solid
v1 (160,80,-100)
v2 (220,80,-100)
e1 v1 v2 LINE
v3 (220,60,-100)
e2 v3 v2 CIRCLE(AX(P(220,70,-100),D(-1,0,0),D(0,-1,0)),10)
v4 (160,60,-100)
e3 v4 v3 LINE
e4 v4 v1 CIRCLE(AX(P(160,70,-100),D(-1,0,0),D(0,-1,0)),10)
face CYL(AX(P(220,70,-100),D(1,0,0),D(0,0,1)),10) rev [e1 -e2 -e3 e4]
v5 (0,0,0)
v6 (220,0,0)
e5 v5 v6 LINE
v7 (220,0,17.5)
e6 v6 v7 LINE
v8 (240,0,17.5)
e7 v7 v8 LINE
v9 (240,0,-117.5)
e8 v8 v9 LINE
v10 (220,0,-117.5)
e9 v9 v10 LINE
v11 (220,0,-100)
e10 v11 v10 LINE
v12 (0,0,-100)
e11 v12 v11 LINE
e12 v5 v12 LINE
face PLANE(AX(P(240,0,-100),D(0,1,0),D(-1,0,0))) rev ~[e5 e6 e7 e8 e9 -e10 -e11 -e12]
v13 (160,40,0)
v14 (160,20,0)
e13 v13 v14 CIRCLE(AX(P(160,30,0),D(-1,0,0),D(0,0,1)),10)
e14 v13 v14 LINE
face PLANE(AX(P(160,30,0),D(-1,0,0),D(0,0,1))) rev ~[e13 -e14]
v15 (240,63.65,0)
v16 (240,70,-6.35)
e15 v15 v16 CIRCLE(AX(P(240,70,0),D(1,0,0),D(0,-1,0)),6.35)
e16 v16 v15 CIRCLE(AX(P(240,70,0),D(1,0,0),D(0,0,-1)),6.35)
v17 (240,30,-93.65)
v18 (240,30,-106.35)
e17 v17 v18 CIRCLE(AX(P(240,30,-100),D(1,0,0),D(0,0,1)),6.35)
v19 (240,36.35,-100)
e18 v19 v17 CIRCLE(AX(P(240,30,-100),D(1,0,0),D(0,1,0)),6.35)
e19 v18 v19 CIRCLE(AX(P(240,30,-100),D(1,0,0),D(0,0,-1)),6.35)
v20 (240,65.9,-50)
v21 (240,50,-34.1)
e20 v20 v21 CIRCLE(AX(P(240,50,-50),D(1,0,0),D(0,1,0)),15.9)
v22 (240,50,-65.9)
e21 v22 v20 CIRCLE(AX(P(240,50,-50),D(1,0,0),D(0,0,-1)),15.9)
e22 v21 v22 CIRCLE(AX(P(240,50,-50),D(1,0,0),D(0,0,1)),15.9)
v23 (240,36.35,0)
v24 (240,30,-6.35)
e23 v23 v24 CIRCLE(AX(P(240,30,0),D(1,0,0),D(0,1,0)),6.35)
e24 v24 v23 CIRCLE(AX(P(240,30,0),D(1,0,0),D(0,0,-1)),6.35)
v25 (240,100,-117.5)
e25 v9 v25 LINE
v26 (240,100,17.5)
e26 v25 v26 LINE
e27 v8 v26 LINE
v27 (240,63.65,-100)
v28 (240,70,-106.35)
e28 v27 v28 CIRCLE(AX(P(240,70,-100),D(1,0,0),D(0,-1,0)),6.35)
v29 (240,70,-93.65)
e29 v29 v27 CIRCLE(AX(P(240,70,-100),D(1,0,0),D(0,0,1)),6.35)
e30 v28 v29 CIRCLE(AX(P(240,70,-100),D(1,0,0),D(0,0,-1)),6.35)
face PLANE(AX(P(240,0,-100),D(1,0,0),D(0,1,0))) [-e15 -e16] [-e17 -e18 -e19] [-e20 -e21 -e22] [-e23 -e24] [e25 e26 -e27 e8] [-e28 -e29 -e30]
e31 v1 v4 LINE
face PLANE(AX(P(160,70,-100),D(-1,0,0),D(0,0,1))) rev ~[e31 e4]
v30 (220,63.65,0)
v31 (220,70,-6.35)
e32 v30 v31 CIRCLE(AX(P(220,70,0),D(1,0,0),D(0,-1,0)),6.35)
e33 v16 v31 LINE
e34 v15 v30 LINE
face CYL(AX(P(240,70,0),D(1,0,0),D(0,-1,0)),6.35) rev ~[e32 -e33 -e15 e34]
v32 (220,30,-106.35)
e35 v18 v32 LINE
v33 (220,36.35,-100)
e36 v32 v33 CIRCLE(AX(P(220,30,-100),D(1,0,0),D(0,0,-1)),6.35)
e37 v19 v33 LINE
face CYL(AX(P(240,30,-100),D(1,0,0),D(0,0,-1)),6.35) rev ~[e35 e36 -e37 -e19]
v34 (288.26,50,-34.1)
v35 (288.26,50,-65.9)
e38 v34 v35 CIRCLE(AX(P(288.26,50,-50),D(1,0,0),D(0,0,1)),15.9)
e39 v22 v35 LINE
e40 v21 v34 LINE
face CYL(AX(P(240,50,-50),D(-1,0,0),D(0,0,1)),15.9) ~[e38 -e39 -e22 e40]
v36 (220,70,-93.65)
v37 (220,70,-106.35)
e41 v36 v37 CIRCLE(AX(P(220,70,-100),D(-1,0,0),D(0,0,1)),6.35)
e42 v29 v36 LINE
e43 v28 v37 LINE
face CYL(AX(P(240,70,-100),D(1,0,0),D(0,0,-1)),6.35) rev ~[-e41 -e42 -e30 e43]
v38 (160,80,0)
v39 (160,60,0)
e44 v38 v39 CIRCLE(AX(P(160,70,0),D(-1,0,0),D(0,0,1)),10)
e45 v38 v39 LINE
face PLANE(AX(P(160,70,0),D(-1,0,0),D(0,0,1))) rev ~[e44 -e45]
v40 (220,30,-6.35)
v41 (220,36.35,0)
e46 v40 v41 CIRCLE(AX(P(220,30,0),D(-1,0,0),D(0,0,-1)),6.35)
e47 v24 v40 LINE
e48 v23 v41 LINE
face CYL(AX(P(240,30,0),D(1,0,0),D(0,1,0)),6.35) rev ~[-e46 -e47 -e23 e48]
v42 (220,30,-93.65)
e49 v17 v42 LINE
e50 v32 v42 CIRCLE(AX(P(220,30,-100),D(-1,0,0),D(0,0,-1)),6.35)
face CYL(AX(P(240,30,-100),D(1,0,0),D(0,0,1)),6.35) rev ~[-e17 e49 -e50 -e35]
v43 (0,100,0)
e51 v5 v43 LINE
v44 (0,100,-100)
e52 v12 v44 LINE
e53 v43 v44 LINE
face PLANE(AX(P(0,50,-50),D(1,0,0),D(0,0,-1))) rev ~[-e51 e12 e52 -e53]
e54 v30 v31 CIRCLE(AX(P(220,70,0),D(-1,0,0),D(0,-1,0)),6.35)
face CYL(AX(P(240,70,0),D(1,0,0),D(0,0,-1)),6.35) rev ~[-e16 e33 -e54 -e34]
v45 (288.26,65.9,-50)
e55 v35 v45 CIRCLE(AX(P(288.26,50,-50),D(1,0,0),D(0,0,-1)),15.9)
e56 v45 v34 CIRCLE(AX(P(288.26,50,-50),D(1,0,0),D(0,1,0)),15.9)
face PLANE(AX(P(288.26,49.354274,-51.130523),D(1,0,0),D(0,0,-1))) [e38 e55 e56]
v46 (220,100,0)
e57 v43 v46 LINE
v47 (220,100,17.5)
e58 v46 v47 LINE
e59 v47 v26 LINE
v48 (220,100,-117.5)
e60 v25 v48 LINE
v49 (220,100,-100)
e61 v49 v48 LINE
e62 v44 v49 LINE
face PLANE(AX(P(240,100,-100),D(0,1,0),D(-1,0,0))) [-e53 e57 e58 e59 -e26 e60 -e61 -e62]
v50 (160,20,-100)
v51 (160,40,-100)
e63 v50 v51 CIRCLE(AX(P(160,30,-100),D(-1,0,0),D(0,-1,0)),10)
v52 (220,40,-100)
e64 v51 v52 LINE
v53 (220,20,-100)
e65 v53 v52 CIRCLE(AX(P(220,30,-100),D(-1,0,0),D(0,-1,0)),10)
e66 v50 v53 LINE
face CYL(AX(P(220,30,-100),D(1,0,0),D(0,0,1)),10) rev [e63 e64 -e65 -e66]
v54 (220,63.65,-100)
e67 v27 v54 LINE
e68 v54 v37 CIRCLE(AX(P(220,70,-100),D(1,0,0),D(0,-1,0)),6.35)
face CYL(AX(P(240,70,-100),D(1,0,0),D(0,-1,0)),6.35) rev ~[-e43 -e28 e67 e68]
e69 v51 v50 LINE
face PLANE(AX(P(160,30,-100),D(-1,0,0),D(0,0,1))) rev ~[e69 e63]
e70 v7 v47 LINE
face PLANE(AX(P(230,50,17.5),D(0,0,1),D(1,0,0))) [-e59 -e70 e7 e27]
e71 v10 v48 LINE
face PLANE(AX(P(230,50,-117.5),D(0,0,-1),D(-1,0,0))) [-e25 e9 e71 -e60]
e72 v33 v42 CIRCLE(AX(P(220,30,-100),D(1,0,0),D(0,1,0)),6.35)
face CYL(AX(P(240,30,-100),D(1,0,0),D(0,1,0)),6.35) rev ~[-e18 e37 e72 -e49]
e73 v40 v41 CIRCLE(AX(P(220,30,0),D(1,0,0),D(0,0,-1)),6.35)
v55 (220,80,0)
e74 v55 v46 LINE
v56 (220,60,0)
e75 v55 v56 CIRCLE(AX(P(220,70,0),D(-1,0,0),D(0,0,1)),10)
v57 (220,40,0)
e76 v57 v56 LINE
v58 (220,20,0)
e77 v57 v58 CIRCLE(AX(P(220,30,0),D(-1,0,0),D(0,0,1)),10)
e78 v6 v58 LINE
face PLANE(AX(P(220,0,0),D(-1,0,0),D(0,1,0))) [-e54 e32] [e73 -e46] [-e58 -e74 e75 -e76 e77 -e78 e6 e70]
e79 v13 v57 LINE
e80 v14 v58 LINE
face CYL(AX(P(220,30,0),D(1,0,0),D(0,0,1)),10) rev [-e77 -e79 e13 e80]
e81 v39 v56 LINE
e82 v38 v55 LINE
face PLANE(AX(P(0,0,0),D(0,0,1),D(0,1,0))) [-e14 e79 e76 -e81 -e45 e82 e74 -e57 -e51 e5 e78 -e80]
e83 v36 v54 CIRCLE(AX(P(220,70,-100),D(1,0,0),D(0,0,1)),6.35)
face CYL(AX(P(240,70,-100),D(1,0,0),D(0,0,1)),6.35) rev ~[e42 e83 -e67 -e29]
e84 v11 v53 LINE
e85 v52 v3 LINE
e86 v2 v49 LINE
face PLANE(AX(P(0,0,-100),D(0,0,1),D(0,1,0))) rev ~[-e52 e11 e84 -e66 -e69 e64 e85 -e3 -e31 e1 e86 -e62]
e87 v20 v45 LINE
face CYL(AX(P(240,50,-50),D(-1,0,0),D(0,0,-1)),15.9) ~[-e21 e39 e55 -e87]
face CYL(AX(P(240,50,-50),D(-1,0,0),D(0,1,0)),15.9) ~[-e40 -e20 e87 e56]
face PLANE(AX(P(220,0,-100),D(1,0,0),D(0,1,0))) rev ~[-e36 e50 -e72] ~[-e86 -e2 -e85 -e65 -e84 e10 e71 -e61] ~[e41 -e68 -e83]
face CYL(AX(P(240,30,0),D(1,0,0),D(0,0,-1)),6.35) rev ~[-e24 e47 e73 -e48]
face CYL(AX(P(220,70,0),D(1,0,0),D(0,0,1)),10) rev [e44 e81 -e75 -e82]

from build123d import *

# Parameters (mm, degrees)
SKETCH1_W           = 100
SKETCH1_H           = 100
BOSS_EXTRUDE1_DEPTH = 240
SKETCH3_W           = 20
SKETCH3_H           = 100
BOSS_EXTRUDE2_DEPTH = 17.5
SKETCH4_W           = 20
SKETCH4_H           = 100
BOSS_EXTRUDE3_DEPTH = 17.5
BOSS_EXTRUDE4_DEPTH = 48.26
CUT_EXTRUDE1_DEPTH  = 20
SKETCH8_R           = 10
CUT_EXTRUDE2_DEPTH  = 60


with BuildPart() as part:
    # Sketch1 → Boss-Extrude1 (new body)
    with BuildSketch(Plane(origin=(0, 0, 0), x_dir=(0, 0, -1), z_dir=(1, 0, 0))):
        with Locations((50, 50)):
            Rectangle(SKETCH1_W, SKETCH1_H)
    extrude(amount=BOSS_EXTRUDE1_DEPTH)

    # Sketch3 → Boss-Extrude2 (add)
    with BuildSketch(Plane.XY):
        with Locations((230, 50)):
            Rectangle(SKETCH3_W, SKETCH3_H)
    extrude(amount=BOSS_EXTRUDE2_DEPTH)

    # Sketch4 → Boss-Extrude3 (add)
    with BuildSketch(Plane(origin=(0, 0, -100), x_dir=(-1, 0, 0), z_dir=(0, 0, -1))):
        with Locations((-230, 50)):
            Rectangle(SKETCH4_W, SKETCH4_H)
    extrude(amount=BOSS_EXTRUDE3_DEPTH)

    # Sketch6 → Boss-Extrude4 (add)
    with BuildSketch(Plane(origin=(240, 0, 0), x_dir=(0, 0, -1), z_dir=(1, 0, 0))):
        with BuildLine():
            ThreePointArc((65.9, 50), (61.242997821, 61.242997821), (50, 65.9))
            Line((50, 65.9), (50, 50))
            Line((50, 50), (34.1, 50))
            ThreePointArc((34.1, 50), (50, 34.1), (65.9, 50))
        make_face()
        with BuildLine():
            Line((50, 50), (50, 65.9))
            ThreePointArc((50, 65.9), (38.757002179, 61.242997821), (34.1, 50))
            Line((34.1, 50), (50, 50))
        make_face()
    extrude(amount=BOSS_EXTRUDE4_DEPTH)

    # Sketch7 → Cut-Extrude1 (cut)
    with BuildSketch(Plane(origin=(240, 0, 0), x_dir=(0, 0, -1), z_dir=(1, 0, 0))):
        with BuildLine():
            Line((0, 63.65), (0, 70))
            Line((0, 70), (6.35, 70))
            ThreePointArc((6.35, 70), (-4.490128061, 74.490128061), (0, 63.65))
        make_face()
        with BuildLine():
            Line((6.35, 70), (0, 70))
            Line((0, 70), (0, 63.65))
            ThreePointArc((0, 63.65), (4.490128061, 65.509871939), (6.35, 70))
        make_face()
        with BuildLine():
            ThreePointArc((6.35, 30), (4.490128061, 34.490128061), (0, 36.35))
            Line((0, 36.35), (0, 30))
            Line((0, 30), (6.35, 30))
        make_face()
        with BuildLine():
            Line((0, 30), (0, 36.35))
            ThreePointArc((0, 36.35), (-4.490128061, 25.509871939), (6.35, 30))
            Line((6.35, 30), (0, 30))
        make_face()
        with BuildLine():
            ThreePointArc((106.35, 30), (104.490128061, 34.490128061), (100, 36.35))
            Line((100, 36.35), (100, 30))
            Line((100, 30), (93.65, 30))
            ThreePointArc((93.65, 30), (100, 23.65), (106.35, 30))
        make_face()
        with BuildLine():
            Line((100, 30), (100, 36.35))
            ThreePointArc((100, 36.35), (95.509871939, 34.490128061), (93.65, 30))
            Line((93.65, 30), (100, 30))
        make_face()
        with BuildLine():
            ThreePointArc((106.35, 70), (100, 76.35), (93.65, 70))
            Line((93.65, 70), (100, 70))
            Line((100, 70), (100, 63.65))
            ThreePointArc((100, 63.65), (104.490128061, 65.509871939), (106.35, 70))
        make_face()
        with BuildLine():
            Line((100, 70), (93.65, 70))
            ThreePointArc((93.65, 70), (95.509871939, 65.509871939), (100, 63.65))
            Line((100, 63.65), (100, 70))
        make_face()
    extrude(amount=-CUT_EXTRUDE1_DEPTH, mode=Mode.SUBTRACT)

    # Sketch8 → Cut-Extrude2 (cut)
    with BuildSketch(Plane.ZY.offset(-220)):
        with Locations((0, 70)):
            Circle(SKETCH8_R)
        with Locations((0, 30)):
            Circle(SKETCH8_R)
        with Locations((-100, 70)):
            Circle(SKETCH8_R)
        with Locations((-100, 30)):
            Circle(SKETCH8_R)
    extrude(amount=CUT_EXTRUDE2_DEPTH, mode=Mode.SUBTRACT)


solid = part.part
